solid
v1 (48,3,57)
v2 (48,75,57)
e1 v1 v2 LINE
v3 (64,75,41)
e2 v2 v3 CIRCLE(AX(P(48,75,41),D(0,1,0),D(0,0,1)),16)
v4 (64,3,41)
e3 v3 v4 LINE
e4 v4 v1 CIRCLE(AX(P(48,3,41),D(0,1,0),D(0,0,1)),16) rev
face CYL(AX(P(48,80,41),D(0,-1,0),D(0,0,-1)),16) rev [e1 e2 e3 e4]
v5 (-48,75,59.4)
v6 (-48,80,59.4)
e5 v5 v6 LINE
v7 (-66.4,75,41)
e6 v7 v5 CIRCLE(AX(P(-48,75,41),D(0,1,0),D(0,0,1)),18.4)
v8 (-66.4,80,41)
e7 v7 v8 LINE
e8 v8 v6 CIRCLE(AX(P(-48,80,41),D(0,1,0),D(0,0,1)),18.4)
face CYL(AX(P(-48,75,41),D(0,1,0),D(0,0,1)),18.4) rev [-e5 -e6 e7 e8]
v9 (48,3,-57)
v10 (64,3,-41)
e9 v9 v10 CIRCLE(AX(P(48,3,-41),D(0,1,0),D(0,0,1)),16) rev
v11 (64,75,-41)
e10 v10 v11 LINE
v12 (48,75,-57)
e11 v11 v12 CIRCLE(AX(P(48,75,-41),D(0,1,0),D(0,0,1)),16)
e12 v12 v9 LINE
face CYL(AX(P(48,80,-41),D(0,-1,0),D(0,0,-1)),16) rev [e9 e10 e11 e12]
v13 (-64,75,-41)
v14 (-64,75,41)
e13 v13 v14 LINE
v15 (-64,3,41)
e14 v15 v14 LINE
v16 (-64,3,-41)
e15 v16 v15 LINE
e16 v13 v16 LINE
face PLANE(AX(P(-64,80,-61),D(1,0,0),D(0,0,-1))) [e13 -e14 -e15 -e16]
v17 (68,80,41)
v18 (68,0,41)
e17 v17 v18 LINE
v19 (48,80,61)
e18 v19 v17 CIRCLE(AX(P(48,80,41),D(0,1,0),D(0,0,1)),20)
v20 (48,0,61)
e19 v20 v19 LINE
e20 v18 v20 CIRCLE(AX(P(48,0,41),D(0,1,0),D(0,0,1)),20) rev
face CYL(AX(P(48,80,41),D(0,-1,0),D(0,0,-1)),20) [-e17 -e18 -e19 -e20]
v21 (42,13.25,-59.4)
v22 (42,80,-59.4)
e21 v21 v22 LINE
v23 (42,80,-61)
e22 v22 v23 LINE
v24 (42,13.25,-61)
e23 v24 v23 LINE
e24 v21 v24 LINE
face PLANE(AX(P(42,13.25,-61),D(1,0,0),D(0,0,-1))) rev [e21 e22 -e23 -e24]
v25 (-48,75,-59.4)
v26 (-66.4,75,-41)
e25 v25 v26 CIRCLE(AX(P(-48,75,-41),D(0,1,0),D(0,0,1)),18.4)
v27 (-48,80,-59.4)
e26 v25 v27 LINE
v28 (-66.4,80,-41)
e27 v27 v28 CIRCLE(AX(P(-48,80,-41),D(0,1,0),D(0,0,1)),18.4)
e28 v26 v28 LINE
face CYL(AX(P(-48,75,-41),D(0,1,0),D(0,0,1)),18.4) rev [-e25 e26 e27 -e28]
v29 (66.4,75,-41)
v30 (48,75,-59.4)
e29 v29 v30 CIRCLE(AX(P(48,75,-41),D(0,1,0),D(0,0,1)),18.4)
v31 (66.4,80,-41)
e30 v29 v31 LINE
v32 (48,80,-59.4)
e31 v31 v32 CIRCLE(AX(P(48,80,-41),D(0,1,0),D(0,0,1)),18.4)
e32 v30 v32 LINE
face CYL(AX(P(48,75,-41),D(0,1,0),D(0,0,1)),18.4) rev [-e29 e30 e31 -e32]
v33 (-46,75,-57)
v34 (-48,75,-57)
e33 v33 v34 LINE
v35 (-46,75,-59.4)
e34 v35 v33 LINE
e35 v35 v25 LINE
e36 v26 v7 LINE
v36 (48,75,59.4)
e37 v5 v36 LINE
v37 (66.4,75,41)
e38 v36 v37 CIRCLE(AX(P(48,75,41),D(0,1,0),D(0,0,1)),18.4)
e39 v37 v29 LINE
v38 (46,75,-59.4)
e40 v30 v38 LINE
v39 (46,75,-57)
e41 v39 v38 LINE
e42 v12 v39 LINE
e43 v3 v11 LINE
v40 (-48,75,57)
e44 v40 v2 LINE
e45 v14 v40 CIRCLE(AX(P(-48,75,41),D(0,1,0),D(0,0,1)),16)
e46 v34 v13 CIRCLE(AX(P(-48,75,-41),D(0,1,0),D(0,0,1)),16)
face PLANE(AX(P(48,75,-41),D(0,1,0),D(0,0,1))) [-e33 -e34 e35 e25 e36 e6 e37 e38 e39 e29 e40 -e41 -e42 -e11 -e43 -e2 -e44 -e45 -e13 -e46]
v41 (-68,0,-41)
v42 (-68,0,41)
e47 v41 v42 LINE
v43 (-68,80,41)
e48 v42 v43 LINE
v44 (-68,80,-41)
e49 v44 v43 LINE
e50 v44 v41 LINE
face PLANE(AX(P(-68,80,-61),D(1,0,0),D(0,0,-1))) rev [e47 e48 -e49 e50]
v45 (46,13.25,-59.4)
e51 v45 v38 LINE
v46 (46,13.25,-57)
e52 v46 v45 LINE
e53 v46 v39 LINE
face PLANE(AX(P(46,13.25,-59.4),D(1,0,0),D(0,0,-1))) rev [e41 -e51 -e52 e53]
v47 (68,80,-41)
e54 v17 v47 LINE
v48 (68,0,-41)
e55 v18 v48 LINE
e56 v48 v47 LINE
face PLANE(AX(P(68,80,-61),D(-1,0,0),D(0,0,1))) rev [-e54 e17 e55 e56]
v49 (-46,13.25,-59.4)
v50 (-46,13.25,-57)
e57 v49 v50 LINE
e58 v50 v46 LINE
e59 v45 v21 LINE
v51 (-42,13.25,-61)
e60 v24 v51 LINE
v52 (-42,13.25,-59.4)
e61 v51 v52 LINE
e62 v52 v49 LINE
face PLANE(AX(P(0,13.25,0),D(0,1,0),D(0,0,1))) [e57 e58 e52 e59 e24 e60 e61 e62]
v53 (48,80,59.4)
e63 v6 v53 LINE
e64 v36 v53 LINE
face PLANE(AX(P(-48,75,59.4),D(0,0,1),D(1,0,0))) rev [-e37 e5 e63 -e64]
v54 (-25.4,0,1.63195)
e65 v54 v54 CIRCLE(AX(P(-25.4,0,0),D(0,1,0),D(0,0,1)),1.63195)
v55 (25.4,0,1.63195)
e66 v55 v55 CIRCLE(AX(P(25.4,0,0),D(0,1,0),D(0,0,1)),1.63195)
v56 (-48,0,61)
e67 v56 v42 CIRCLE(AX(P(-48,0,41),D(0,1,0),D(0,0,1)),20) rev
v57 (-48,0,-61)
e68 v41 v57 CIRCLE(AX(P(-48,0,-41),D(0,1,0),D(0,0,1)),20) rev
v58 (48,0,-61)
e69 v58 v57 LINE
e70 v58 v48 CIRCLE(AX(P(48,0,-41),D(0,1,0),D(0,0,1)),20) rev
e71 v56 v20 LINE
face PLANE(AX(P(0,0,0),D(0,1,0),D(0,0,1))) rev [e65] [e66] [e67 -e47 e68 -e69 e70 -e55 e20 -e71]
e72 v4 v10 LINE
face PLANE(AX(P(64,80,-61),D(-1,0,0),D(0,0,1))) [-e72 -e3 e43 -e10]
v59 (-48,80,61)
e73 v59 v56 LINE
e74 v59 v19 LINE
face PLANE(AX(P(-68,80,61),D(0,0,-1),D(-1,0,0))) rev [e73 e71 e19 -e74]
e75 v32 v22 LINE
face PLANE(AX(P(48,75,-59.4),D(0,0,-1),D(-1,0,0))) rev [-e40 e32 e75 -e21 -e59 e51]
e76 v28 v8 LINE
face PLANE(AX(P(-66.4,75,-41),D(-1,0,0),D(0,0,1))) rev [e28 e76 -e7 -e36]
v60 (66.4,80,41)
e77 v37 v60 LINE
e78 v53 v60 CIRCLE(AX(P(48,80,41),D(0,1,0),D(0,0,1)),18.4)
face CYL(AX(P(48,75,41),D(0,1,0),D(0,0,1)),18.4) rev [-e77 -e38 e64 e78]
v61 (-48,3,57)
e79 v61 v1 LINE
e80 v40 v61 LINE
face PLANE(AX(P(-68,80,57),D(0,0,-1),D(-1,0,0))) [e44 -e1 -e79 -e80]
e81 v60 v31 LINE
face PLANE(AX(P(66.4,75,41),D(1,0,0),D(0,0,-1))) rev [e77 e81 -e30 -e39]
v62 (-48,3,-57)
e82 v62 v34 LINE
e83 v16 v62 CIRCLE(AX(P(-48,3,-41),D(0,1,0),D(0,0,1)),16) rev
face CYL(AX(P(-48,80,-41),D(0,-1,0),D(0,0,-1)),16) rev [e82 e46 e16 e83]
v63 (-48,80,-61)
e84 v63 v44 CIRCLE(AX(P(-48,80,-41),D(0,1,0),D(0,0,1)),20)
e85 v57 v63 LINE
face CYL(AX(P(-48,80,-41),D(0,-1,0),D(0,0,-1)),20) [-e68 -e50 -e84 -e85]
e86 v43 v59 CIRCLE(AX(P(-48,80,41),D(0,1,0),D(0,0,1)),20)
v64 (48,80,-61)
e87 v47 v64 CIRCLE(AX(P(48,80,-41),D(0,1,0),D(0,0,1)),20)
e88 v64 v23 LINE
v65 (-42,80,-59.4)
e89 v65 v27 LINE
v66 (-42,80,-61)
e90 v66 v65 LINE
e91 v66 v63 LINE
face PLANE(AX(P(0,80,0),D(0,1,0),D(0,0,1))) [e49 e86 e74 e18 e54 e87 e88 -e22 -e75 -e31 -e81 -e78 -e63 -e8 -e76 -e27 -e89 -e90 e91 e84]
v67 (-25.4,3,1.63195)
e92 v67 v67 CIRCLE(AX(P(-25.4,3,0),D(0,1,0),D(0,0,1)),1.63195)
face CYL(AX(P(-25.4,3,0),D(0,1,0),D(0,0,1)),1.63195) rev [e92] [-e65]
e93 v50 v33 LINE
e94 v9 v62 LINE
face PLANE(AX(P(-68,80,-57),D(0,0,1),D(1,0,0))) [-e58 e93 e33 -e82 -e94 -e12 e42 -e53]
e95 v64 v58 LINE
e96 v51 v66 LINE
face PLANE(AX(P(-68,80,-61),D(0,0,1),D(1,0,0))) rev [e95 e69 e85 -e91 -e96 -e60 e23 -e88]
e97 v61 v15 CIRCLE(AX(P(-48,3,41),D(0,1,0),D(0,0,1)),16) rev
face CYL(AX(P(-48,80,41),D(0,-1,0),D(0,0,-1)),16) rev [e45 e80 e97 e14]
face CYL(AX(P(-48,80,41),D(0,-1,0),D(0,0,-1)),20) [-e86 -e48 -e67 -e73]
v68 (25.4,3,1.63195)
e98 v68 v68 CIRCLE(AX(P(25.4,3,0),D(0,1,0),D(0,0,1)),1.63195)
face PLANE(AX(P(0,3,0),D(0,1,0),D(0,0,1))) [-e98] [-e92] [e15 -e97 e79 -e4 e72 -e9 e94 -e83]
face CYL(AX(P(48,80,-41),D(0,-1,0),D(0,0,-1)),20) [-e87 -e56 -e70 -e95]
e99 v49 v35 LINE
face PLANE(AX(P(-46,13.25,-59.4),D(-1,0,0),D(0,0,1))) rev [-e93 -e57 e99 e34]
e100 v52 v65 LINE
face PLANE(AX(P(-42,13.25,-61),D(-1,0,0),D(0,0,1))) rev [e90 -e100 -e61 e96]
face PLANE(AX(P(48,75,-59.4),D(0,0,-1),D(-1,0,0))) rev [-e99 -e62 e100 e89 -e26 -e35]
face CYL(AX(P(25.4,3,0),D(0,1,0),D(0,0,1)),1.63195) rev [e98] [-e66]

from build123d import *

# Parameters (mm, degrees)
SKETCH1_W                = 136
SKETCH1_H                = 122
BOSS_EXTRUDE1_DEPTH      = 80
FILLET1_R                = 20
SHELL1_T                 = -4
SHELL1_THICKNESS_2_DEPTH = 1
CUT_EXTRUDE2_DEPTH       = 5
F_4_CLEARANCE_HOLE1_D    = 3.2639
CUT_EXTRUDE3_DEPTH       = 66.75


with BuildPart() as part:
    # Sketch1 → Boss-Extrude1 (new body)
    with BuildSketch(Plane(origin=(0, 0, 0), x_dir=(1, 0, 0), z_dir=(0, 1, 0))):
        Rectangle(SKETCH1_W, SKETCH1_H)
    extrude(amount=BOSS_EXTRUDE1_DEPTH)

    # Fillet1
    fillet1_edges = [part.edges().sort_by_distance(p)[0] for p in [
        (68, 40, 61),
        (-68, 40, 61),
        (-68, 40, -61),
        (68, 40, -61),
    ]]
    fillet(fillet1_edges, radius=FILLET1_R)

    # Shell1
    shell1_openings = [part.faces().sort_by_distance(p)[0] for p in [
        (0, 80, 0),
    ]]
    offset(amount=SHELL1_T, openings=shell1_openings, kind=Kind.INTERSECTION)

    # Shell1 thickness 2 face (on inner face of the shell) → Shell1 thickness 2 (cut)
    with BuildSketch(Plane(origin=(0, 4, 0), x_dir=(0, 0, -1), z_dir=(0, -1, 0))):
        with BuildLine():
            ThreePointArc((57, -48), (52.313708499, -59.313708499), (41, -64))
            Line((41, -64), (-41, -64))
            ThreePointArc((-41, -64), (-52.313708499, -59.313708499), (-57, -48))
            Line((-57, -48), (-57, 48))
            ThreePointArc((-57, 48), (-52.313708499, 59.313708499), (-41, 64))
            Line((-41, 64), (41, 64))
            ThreePointArc((41, 64), (52.313708499, 59.313708499), (57, 48))
            Line((57, 48), (57, -48))
        make_face()
    extrude(amount=SHELL1_THICKNESS_2_DEPTH, mode=Mode.SUBTRACT)

    # Sketch5 → Cut-Extrude2 (cut)
    with BuildSketch(Plane(origin=(0, 80, 0), x_dir=(1, 0, 0), z_dir=(0, 1, 0))):
        with BuildLine():
            Line((48, 59.4), (-48, 59.4))
            ThreePointArc((-48, 59.4), (-61.010764774, 54.010764774), (-66.4, 41))
            Line((-66.4, 41), (-66.4, -41))
            ThreePointArc((-66.4, -41), (-61.010764774, -54.010764774), (-48, -59.4))
            Line((-48, -59.4), (48, -59.4))
            ThreePointArc((48, -59.4), (61.010764774, -54.010764774), (66.4, -41))
            Line((66.4, -41), (66.4, 41))
            ThreePointArc((66.4, 41), (61.010764774, 54.010764774), (48, 59.4))
        make_face()
        with BuildLine():
            Line((48, 57), (-48, 57))
            ThreePointArc((-48, 57), (-59.313708499, 52.313708499), (-64, 41))
            Line((-64, 41), (-64, -41))
            ThreePointArc((-64, -41), (-59.313708499, -52.313708499), (-48, -57))
            Line((-48, -57), (48, -57))
            ThreePointArc((48, -57), (59.313708499, -52.313708499), (64, -41))
            Line((64, -41), (64, 41))
            ThreePointArc((64, 41), (59.313708499, 52.313708499), (48, 57))
        make_face(mode=Mode.SUBTRACT)
    extrude(amount=-CUT_EXTRUDE2_DEPTH, mode=Mode.SUBTRACT)

    # #4 Clearance Hole1 (through all)
    with Locations(Plane(origin=(0, 3, 0), x_dir=(1, 0, 0), z_dir=(0, 1, 0))):
        with Locations((-25.4, 0), (25.4, 0)):
            Hole(F_4_CLEARANCE_HOLE1_D / 2)

    # Sketch8 → Cut-Extrude3 (cut)
    with BuildSketch(Plane(origin=(0, 80, 0), x_dir=(1, 0, 0), z_dir=(0, 1, 0))):
        Polygon((42, 61), (-42, 61), (-42, 59.4), (-46, 59.4), (-46, 57), (46, 57), (46, 59.4), (42, 59.4), align=None)
    extrude(amount=-CUT_EXTRUDE3_DEPTH, mode=Mode.SUBTRACT)


solid = part.part
